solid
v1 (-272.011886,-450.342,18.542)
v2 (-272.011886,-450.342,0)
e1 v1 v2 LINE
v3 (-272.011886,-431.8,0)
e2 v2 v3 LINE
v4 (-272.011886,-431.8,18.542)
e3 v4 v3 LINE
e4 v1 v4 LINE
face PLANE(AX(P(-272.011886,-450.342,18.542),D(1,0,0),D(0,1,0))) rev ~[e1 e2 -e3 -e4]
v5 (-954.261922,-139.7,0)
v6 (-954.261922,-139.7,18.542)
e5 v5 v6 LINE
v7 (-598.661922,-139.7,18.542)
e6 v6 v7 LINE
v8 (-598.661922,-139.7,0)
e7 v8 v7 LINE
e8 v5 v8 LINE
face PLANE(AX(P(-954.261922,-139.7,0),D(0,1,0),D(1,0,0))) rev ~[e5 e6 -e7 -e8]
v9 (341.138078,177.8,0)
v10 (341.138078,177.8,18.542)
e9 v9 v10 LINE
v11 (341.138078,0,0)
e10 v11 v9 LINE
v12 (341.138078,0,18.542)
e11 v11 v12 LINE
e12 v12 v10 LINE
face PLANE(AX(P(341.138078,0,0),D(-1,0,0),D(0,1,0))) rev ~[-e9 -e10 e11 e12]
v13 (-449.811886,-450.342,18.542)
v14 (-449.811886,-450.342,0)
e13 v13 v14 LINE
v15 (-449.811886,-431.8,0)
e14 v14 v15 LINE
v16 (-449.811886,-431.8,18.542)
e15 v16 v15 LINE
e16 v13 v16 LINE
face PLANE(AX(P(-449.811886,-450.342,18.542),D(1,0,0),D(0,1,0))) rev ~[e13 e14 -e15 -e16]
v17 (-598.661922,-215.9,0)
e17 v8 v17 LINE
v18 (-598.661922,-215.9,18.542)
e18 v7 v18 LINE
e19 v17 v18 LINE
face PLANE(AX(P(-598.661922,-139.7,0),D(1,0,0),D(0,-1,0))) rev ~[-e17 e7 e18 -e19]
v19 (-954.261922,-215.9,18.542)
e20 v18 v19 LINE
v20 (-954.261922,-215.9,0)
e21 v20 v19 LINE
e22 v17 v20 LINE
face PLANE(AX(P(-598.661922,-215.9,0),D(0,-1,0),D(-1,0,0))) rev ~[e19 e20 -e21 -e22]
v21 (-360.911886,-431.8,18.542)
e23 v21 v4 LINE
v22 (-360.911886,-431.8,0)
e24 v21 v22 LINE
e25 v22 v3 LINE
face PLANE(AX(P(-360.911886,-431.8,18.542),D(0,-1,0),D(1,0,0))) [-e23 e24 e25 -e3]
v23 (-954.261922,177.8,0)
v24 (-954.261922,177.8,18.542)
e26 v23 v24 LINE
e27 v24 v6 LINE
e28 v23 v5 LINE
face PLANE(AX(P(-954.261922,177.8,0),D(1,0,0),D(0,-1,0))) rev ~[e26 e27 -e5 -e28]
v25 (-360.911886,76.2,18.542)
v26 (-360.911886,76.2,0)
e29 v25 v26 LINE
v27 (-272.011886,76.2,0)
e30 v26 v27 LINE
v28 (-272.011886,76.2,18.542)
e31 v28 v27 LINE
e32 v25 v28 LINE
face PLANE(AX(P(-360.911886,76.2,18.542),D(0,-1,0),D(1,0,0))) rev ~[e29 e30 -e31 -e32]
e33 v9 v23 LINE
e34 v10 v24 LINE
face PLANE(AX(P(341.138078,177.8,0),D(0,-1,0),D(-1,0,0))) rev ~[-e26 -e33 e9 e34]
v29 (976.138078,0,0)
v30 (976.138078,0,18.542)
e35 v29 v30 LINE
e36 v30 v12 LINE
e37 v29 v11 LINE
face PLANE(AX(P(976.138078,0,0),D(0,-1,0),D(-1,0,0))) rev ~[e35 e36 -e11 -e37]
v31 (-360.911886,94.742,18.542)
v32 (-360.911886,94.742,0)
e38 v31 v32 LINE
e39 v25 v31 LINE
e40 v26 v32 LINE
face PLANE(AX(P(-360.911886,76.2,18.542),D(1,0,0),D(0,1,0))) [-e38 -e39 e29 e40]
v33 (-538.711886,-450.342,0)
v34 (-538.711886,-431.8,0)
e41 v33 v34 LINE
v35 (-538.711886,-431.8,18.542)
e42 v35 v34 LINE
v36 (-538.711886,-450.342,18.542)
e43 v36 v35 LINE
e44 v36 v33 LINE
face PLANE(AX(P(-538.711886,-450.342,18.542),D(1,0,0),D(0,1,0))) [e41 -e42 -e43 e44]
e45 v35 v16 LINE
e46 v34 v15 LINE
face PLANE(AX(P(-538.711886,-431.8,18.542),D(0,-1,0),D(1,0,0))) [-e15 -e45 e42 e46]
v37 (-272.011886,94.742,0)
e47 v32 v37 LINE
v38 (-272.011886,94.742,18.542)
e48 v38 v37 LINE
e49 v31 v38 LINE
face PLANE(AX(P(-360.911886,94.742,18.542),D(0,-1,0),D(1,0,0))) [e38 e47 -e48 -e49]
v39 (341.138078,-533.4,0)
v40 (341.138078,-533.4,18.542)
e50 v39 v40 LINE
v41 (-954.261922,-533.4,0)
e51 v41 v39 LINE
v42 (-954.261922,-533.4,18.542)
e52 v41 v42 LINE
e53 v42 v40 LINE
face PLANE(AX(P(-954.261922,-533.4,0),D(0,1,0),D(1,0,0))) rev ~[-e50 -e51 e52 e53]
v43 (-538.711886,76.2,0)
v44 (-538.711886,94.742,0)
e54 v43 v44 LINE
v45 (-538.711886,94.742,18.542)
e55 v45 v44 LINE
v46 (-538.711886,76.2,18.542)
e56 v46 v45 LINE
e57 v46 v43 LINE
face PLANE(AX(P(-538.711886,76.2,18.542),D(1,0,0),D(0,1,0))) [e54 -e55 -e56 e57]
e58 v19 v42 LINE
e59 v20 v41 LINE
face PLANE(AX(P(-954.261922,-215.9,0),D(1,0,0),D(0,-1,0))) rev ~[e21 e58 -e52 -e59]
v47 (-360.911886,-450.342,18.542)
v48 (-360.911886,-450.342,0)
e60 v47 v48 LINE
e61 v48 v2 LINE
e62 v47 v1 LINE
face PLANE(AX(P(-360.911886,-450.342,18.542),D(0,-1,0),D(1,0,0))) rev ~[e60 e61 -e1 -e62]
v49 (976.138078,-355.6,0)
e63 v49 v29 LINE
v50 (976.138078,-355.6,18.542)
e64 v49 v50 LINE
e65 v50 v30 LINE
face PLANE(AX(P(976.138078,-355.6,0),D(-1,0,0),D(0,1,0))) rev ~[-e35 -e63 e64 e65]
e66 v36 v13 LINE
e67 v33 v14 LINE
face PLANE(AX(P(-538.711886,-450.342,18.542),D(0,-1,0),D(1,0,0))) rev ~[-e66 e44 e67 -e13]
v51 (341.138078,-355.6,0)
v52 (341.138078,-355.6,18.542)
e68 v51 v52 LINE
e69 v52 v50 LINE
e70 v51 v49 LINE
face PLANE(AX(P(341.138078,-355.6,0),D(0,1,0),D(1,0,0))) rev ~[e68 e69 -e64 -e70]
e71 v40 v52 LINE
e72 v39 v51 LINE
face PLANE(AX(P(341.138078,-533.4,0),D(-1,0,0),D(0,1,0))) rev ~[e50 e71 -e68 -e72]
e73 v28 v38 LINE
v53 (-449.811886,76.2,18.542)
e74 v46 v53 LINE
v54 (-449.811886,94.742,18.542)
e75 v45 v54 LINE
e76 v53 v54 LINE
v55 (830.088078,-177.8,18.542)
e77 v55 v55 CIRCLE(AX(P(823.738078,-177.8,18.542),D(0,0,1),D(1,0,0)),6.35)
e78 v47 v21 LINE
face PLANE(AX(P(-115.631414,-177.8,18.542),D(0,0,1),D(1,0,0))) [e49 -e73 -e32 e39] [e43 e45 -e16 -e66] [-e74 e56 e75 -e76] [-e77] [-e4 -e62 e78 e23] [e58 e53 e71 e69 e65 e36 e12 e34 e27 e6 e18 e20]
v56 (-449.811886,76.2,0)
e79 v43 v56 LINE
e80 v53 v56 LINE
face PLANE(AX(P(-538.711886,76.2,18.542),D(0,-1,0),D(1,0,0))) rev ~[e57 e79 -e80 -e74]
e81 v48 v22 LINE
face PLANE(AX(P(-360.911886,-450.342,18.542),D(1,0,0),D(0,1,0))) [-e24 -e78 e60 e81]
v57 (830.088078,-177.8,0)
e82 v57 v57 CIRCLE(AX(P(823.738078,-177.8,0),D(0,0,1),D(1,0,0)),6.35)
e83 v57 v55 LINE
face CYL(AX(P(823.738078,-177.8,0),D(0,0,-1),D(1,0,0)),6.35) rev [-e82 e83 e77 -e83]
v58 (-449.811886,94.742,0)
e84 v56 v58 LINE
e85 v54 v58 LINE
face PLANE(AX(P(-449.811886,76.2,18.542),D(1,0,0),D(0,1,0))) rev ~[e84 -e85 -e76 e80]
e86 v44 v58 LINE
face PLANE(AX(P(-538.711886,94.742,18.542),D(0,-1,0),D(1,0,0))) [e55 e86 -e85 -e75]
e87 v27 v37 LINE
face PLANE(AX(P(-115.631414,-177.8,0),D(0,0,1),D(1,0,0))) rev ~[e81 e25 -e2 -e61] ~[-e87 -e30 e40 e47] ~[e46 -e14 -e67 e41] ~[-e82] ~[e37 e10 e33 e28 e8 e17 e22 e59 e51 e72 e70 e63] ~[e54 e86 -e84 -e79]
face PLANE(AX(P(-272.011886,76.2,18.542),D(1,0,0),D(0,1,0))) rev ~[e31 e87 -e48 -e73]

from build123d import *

# Parameters (mm, degrees)
F0_R     = 6.35
F1_DEPTH = 18.542
F2_W     = 88.9
F2_H     = 18.542
F3_DEPTH = 25.4


with BuildPart() as f1:
    # F0 (on Top) → F1 (new body)
    with BuildSketch(Plane.XY):
        Polygon((341.138078, 177.8), (-954.261922, 177.8), (-954.261922, -139.7), (-598.661922, -139.7), (-598.661922, -215.9), (-954.261922, -215.9), (-954.261922, -533.4), (341.138078, -533.4), (341.138078, -355.6), (976.138078, -355.6), (976.138078, 0), (341.138078, 0), align=None)
        with Locations((823.738078, -177.8)):
            Circle(F0_R, mode=Mode.SUBTRACT)
    extrude(amount=F1_DEPTH)

    # F2 (on face) → F3 (cut)
    with BuildSketch(Plane.XY.offset(18.542)):
        with Locations((-494.261886, -441.071)):
            Rectangle(F2_W, F2_H)
        with Locations((-494.261886, 85.471)):
            Rectangle(F2_W, F2_H)
        with Locations((-316.461886, -441.071)):
            Rectangle(F2_W, F2_H)
        with Locations((-316.461886, 85.471)):
            Rectangle(F2_W, F2_H)
    extrude(amount=-F3_DEPTH, mode=Mode.SUBTRACT)


solid = f1.part
